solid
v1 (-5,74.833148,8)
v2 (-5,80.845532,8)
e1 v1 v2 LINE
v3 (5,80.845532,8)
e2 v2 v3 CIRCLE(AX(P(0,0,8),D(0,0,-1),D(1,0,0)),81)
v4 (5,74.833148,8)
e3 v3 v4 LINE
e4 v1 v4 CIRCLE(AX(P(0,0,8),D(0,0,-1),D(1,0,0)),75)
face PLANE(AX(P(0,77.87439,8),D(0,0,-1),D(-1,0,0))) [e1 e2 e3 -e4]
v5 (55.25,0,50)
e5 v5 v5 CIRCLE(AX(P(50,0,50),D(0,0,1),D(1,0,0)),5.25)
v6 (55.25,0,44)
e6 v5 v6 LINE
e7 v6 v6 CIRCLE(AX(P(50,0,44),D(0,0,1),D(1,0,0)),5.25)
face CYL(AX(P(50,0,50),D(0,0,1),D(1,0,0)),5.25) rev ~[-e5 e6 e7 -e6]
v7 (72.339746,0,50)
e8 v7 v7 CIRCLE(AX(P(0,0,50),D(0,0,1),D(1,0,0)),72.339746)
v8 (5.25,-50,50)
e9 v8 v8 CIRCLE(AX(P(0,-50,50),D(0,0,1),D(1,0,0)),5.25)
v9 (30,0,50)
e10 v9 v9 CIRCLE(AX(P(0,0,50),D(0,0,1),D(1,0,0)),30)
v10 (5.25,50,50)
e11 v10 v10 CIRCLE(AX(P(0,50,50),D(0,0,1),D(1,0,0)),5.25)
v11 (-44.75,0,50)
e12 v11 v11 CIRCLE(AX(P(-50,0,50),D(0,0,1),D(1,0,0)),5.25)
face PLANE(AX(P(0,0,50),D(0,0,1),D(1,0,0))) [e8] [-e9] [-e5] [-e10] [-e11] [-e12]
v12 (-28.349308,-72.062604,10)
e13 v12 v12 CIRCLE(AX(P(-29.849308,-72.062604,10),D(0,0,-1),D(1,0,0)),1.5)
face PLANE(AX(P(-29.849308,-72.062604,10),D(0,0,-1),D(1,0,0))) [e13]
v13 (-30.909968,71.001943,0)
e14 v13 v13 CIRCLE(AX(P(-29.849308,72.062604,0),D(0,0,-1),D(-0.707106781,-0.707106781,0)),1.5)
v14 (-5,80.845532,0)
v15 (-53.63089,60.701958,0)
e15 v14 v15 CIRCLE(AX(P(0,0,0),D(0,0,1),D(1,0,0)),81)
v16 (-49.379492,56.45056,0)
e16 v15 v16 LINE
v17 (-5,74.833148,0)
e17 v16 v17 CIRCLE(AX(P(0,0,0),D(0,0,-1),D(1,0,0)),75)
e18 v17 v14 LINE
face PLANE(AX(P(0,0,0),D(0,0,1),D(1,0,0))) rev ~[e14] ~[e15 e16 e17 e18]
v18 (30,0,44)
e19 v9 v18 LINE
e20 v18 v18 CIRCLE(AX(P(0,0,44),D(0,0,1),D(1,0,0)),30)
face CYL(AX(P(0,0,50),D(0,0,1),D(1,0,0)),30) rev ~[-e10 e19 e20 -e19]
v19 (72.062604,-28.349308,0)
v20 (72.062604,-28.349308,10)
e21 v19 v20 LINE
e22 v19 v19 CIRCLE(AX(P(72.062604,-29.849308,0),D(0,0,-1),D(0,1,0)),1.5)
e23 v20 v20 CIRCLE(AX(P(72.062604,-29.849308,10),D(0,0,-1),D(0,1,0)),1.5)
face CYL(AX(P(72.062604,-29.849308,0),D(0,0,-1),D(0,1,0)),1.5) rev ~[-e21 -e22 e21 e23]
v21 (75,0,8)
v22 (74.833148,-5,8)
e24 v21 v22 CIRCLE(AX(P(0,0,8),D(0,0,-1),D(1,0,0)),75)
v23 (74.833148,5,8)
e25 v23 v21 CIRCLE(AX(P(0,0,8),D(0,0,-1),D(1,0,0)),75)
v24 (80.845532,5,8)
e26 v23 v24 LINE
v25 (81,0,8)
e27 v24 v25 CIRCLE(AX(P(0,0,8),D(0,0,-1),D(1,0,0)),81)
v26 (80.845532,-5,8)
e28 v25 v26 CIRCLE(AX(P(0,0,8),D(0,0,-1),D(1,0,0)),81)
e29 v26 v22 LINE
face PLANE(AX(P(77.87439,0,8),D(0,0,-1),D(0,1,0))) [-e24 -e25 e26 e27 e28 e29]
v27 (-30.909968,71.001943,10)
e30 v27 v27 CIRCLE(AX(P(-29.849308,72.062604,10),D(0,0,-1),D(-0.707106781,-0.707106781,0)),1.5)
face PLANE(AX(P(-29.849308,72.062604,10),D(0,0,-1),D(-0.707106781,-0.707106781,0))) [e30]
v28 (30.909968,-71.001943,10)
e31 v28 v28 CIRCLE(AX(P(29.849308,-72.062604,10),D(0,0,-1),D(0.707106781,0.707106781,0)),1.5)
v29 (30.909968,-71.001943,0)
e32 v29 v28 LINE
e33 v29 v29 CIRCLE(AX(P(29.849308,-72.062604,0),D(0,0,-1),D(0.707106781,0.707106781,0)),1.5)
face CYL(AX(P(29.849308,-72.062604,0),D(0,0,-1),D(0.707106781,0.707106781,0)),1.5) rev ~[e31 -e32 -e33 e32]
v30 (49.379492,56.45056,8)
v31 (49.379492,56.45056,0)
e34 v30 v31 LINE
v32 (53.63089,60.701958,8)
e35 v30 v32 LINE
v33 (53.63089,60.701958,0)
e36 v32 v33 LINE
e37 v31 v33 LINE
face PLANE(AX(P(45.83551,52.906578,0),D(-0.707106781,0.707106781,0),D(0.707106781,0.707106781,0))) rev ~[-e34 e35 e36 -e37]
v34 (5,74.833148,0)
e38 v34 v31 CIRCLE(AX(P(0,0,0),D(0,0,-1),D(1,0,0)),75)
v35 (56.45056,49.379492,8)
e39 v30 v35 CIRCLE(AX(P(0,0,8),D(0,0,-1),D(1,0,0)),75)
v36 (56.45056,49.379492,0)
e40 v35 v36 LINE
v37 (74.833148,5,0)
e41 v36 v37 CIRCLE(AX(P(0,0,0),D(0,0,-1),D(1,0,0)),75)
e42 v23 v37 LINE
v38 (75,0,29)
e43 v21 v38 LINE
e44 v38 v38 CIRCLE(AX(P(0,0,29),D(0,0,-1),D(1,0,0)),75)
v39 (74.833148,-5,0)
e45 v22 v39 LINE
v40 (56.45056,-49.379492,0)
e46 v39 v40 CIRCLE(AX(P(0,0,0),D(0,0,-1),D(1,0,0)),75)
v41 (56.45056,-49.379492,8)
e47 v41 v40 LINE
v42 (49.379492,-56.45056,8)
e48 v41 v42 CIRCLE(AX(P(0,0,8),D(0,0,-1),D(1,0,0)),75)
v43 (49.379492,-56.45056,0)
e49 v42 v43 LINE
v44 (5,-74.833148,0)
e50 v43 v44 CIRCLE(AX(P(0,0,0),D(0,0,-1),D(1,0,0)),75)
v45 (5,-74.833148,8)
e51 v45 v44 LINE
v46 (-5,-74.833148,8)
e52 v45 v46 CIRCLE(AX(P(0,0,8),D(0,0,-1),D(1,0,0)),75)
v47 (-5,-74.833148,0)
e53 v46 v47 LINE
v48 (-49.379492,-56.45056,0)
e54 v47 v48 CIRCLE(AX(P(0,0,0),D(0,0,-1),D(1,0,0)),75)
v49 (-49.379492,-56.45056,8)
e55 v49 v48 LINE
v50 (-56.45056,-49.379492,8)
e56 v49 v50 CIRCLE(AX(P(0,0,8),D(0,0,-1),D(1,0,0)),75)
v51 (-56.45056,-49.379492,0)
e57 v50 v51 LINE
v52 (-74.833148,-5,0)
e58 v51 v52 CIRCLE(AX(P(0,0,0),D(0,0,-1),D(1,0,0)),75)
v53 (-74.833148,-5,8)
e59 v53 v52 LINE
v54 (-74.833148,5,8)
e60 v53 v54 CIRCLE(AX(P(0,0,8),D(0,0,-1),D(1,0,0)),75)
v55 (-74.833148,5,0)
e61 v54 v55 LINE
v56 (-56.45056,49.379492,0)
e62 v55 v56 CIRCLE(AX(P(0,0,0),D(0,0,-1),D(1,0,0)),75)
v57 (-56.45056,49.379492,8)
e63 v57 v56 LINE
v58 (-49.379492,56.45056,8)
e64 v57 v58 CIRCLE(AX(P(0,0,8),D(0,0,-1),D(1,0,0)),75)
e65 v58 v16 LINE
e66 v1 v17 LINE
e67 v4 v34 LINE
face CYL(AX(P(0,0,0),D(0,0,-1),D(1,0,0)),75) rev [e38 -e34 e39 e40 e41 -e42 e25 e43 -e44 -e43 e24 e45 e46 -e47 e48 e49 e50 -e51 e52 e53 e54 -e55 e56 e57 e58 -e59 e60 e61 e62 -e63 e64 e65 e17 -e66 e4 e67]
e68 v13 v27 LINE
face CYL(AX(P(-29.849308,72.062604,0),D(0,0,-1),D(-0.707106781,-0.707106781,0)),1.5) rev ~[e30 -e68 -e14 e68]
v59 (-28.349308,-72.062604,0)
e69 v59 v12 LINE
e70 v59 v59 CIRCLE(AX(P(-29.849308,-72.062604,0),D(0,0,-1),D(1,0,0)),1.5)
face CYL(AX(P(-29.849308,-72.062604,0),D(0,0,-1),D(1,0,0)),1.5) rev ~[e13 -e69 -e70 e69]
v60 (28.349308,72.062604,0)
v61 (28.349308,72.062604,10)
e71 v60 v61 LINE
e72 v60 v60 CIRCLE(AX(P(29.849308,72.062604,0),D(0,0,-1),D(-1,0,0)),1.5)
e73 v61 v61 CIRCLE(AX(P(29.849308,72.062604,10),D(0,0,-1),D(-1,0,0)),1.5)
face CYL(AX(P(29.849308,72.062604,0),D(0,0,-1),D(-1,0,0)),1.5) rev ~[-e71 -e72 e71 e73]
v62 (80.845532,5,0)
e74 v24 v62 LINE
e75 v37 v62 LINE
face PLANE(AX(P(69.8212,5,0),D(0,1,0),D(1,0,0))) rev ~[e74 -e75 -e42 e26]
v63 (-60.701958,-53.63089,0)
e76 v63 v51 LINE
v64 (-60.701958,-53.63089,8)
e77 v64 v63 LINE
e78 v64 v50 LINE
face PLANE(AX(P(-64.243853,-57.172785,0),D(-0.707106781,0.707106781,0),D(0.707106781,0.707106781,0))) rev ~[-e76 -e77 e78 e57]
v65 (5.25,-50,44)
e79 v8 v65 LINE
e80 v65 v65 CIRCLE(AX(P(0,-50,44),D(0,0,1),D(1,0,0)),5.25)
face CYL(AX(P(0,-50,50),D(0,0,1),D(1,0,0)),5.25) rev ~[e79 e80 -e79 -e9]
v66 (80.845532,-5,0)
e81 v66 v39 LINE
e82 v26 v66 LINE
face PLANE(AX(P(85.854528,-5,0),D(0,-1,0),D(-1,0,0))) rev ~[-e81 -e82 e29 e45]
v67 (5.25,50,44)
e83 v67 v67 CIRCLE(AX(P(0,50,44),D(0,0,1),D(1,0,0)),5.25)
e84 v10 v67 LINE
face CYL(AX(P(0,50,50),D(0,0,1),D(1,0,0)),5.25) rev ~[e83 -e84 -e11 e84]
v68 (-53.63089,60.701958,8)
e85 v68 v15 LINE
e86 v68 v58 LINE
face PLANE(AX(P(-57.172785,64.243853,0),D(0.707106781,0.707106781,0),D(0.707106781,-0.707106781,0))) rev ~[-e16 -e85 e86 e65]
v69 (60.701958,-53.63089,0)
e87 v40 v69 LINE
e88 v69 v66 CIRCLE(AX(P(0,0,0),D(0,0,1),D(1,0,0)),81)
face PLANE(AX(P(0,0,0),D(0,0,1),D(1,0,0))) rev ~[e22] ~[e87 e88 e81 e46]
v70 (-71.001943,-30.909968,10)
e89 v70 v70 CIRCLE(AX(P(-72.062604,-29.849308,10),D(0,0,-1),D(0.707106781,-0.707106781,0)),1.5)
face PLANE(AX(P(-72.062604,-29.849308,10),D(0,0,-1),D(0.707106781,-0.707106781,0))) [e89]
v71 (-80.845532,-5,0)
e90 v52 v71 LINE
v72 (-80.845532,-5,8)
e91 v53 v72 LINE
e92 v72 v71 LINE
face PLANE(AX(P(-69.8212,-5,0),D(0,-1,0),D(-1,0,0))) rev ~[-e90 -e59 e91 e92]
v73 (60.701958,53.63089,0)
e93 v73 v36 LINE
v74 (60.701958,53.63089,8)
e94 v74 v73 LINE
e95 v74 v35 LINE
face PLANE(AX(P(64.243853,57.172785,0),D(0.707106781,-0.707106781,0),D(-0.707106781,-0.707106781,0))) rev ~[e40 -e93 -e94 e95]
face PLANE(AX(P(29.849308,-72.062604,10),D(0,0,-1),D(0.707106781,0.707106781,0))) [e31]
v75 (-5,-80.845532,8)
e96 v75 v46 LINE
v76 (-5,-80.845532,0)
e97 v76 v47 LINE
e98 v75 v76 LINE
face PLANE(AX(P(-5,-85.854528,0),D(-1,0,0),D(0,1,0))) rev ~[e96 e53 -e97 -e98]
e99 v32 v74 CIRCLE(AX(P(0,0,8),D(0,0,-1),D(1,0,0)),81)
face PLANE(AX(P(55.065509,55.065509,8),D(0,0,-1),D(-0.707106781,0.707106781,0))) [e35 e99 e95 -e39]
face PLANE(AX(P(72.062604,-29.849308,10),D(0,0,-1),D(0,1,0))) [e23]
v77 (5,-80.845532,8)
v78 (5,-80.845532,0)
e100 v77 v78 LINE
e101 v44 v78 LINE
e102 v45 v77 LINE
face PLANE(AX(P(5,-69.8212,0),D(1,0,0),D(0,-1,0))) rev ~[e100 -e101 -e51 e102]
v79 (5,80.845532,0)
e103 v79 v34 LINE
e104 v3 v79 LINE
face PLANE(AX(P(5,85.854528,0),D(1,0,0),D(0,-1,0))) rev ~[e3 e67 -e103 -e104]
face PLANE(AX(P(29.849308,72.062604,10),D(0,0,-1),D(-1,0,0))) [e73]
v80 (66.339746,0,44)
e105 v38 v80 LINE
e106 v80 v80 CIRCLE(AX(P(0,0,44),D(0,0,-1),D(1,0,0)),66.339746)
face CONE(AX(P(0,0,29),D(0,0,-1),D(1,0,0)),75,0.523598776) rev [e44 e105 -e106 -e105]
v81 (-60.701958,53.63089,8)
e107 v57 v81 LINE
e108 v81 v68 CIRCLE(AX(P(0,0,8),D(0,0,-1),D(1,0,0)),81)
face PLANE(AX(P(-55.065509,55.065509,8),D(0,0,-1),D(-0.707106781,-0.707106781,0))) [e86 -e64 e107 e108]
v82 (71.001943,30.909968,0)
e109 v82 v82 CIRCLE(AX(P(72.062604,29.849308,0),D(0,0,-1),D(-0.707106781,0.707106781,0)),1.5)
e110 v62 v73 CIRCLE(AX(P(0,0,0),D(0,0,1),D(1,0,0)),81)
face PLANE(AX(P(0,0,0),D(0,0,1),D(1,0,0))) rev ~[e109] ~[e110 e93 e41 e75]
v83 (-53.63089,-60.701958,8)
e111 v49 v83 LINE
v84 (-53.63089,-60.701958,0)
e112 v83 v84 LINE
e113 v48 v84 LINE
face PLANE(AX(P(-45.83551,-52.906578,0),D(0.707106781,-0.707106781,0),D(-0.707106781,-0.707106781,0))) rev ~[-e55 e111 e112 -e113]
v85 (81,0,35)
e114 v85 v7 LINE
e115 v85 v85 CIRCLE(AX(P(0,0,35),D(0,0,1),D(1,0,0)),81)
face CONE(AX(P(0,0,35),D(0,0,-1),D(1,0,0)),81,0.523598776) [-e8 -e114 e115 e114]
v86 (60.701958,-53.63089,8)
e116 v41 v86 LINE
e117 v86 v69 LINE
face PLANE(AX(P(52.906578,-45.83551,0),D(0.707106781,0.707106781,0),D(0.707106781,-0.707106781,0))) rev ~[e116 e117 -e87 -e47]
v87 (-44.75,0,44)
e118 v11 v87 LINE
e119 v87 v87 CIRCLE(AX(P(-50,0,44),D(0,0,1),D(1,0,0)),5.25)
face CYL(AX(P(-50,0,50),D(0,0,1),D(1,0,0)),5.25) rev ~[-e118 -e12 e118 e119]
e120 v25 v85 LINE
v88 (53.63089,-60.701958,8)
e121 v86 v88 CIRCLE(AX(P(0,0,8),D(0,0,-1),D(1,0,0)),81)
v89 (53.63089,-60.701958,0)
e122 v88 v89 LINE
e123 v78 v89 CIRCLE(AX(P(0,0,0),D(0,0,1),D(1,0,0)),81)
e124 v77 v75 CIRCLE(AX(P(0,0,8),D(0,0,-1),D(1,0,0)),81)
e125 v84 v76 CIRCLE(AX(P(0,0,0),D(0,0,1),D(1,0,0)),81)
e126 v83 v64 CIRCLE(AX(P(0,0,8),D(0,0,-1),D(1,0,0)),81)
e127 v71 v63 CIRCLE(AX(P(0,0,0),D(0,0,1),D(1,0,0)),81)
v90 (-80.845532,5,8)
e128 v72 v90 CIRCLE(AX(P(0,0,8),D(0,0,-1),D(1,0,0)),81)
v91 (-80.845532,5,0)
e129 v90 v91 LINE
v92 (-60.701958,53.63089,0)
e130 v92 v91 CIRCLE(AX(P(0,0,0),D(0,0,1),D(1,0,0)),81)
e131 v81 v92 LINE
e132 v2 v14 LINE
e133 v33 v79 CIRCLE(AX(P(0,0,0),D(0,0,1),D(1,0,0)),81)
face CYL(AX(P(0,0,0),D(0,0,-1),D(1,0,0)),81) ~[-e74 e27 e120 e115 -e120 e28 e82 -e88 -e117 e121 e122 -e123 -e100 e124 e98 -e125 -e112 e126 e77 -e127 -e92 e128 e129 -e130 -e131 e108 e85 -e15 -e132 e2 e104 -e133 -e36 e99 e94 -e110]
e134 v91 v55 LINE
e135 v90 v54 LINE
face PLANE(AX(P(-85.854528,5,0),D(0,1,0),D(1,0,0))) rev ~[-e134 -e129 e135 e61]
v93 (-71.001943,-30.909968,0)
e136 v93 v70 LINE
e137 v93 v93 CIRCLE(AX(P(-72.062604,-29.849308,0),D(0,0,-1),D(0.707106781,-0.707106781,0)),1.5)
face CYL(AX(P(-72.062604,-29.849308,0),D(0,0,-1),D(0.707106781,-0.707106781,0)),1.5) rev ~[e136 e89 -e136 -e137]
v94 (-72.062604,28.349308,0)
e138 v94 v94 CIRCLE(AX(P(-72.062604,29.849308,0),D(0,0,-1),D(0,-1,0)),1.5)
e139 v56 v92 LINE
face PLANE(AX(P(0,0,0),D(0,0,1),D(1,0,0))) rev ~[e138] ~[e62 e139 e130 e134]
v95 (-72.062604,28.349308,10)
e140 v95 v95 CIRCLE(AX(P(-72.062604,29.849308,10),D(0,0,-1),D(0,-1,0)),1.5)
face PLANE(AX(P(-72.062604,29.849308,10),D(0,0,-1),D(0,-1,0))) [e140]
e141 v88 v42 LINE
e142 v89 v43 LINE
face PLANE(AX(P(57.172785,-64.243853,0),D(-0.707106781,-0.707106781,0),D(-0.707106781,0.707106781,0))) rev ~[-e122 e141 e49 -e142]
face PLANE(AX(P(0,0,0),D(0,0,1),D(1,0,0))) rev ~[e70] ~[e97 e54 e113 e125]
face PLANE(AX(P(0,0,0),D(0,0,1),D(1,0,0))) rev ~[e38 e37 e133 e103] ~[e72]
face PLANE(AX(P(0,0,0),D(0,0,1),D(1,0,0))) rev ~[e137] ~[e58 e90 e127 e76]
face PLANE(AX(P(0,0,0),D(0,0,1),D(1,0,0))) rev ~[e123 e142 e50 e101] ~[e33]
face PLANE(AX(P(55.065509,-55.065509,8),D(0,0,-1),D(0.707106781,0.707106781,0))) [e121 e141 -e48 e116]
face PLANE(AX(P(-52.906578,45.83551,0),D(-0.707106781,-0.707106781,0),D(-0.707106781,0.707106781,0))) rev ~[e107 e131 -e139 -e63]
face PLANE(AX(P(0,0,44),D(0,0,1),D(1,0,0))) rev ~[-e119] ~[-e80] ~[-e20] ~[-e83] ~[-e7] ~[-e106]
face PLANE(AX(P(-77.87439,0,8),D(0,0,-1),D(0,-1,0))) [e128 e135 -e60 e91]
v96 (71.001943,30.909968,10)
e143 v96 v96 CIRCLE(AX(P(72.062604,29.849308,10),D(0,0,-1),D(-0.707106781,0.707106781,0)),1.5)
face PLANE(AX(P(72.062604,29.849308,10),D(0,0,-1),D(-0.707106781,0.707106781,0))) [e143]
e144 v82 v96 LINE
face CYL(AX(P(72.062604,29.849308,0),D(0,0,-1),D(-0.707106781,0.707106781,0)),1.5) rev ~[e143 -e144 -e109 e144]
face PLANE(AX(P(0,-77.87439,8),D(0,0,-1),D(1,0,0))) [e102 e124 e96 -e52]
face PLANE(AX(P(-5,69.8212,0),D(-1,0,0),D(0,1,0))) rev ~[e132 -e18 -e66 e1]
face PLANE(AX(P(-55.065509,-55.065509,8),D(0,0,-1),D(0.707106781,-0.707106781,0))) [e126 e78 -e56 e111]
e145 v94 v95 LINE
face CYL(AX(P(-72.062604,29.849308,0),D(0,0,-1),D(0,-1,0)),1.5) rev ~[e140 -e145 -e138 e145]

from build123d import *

# Parameters (mm, degrees)
SZKIC1_R                    = 81
DODANIE_WYCI_GNI_CIE1_DEPTH = 50
SKORUPA1_T                  = -6
WYTNIJ_WYCI_GNI_CIE1_DEPTH  = 8
SZYK_KO_OWY1_COUNT          = 8
SZKIC5_R                    = 30
SZKIC5_R_2                  = 5.25
WYTNIJ_WYCI_GNI_CIE2_DEPTH  = 6
SZKIC6_R                    = 1.5
WYTNIJ_WYCI_GNI_CIE3_DEPTH  = 10
SZYK_KO_OWY2_COUNT          = 8
SFAZOWANIE1_SIZE            = 15
SFAZOWANIE1_SIZE2           = 8.660254038
SFAZOWANIE2_SIZE            = 15
SFAZOWANIE2_SIZE2           = 8.660254038


with BuildPart() as part:
    # Szkic1 → Dodanie-wyciągnięcie1 (new body)
    with BuildSketch(Plane.XY):
        Circle(SZKIC1_R)
    extrude(amount=DODANIE_WYCI_GNI_CIE1_DEPTH)

    # Skorupa1
    skorupa1_openings = [part.faces().sort_by_distance(p)[0] for p in [
        (0, 0, 0),
    ]]
    offset(amount=SKORUPA1_T, openings=skorupa1_openings, kind=Kind.INTERSECTION)

    # Szkic2 → Wytnij-wyciągnięcie1 (cut)
    with BuildSketch(Plane(origin=(0, 0, 0), x_dir=(-1, 0, 0), z_dir=(0, 0, -1))):
        with BuildLine():
            Line((5, 69.821200219), (5, 85.854528128))
            ThreePointArc((5, 85.854528128), (0, 86), (-5, 85.854528128))
            Line((-5, 85.854528128), (-5, 69.821200219))
            ThreePointArc((-5, 69.821200219), (0, 70), (5, 69.821200219))
        make_face()
    wytnij_wyci_gni_cie1 = extrude(amount=-WYTNIJ_WYCI_GNI_CIE1_DEPTH, mode=Mode.SUBTRACT)

    # Szyk kołowy1: Wytnij-wyciągnięcie1 ×8 about axis
    szyk_ko_owy1_axis = Axis((0, 0, 0), (0, 0, 1))
    for i in range(1, SZYK_KO_OWY1_COUNT):
        add(wytnij_wyci_gni_cie1.rotate(szyk_ko_owy1_axis, i * 360 / SZYK_KO_OWY1_COUNT), mode=Mode.SUBTRACT)

    # Szkic5 → Wytnij-wyciągnięcie2 (cut)
    with BuildSketch(Plane.XY.offset(50)):
        Circle(SZKIC5_R)
        with Locations((0, 50)):
            Circle(SZKIC5_R_2)
        with Locations((50, 0)):
            Circle(SZKIC5_R_2)
        with Locations((0, -50)):
            Circle(SZKIC5_R_2)
        with Locations((-50, 0)):
            Circle(SZKIC5_R_2)
    extrude(amount=-WYTNIJ_WYCI_GNI_CIE2_DEPTH, mode=Mode.SUBTRACT)

    # Szkic6 → Wytnij-wyciągnięcie3 (cut)
    with BuildSketch(Plane(origin=(0, 0, 0), x_dir=(-1, 0, 0), z_dir=(0, 0, -1))):
        with Locations((-29.849307724, 72.062603536)):
            Circle(SZKIC6_R)
    wytnij_wyci_gni_cie3 = extrude(amount=-WYTNIJ_WYCI_GNI_CIE3_DEPTH, mode=Mode.SUBTRACT)

    # Szyk kołowy2: Wytnij-wyciągnięcie3 ×8 about axis
    szyk_ko_owy2_axis = Axis((0, 0, 0), (0, 0, 1))
    for i in range(1, SZYK_KO_OWY2_COUNT):
        add(wytnij_wyci_gni_cie3.rotate(szyk_ko_owy2_axis, i * 360 / SZYK_KO_OWY2_COUNT), mode=Mode.SUBTRACT)

    # Sfazowanie1
    sfazowanie1_edges = [part.edges().sort_by_distance(p)[0] for p in [
        (-75, 0, 44),
    ]]
    sfazowanie1_side = [part.faces().sort_by_distance(p)[0] for p in [
        (-75, 0, 22),
    ]]
    chamfer(sfazowanie1_edges, length=SFAZOWANIE1_SIZE, length2=SFAZOWANIE1_SIZE2, reference=sfazowanie1_side[0])

    # Sfazowanie2
    sfazowanie2_edges = [part.edges().sort_by_distance(p)[0] for p in [
        (-81, 0, 50),
    ]]
    sfazowanie2_side = [part.faces().sort_by_distance(p)[0] for p in [
        (-81, 0, 25),
    ]]
    chamfer(sfazowanie2_edges, length=SFAZOWANIE2_SIZE, length2=SFAZOWANIE2_SIZE2, reference=sfazowanie2_side[0])


solid = part.part
